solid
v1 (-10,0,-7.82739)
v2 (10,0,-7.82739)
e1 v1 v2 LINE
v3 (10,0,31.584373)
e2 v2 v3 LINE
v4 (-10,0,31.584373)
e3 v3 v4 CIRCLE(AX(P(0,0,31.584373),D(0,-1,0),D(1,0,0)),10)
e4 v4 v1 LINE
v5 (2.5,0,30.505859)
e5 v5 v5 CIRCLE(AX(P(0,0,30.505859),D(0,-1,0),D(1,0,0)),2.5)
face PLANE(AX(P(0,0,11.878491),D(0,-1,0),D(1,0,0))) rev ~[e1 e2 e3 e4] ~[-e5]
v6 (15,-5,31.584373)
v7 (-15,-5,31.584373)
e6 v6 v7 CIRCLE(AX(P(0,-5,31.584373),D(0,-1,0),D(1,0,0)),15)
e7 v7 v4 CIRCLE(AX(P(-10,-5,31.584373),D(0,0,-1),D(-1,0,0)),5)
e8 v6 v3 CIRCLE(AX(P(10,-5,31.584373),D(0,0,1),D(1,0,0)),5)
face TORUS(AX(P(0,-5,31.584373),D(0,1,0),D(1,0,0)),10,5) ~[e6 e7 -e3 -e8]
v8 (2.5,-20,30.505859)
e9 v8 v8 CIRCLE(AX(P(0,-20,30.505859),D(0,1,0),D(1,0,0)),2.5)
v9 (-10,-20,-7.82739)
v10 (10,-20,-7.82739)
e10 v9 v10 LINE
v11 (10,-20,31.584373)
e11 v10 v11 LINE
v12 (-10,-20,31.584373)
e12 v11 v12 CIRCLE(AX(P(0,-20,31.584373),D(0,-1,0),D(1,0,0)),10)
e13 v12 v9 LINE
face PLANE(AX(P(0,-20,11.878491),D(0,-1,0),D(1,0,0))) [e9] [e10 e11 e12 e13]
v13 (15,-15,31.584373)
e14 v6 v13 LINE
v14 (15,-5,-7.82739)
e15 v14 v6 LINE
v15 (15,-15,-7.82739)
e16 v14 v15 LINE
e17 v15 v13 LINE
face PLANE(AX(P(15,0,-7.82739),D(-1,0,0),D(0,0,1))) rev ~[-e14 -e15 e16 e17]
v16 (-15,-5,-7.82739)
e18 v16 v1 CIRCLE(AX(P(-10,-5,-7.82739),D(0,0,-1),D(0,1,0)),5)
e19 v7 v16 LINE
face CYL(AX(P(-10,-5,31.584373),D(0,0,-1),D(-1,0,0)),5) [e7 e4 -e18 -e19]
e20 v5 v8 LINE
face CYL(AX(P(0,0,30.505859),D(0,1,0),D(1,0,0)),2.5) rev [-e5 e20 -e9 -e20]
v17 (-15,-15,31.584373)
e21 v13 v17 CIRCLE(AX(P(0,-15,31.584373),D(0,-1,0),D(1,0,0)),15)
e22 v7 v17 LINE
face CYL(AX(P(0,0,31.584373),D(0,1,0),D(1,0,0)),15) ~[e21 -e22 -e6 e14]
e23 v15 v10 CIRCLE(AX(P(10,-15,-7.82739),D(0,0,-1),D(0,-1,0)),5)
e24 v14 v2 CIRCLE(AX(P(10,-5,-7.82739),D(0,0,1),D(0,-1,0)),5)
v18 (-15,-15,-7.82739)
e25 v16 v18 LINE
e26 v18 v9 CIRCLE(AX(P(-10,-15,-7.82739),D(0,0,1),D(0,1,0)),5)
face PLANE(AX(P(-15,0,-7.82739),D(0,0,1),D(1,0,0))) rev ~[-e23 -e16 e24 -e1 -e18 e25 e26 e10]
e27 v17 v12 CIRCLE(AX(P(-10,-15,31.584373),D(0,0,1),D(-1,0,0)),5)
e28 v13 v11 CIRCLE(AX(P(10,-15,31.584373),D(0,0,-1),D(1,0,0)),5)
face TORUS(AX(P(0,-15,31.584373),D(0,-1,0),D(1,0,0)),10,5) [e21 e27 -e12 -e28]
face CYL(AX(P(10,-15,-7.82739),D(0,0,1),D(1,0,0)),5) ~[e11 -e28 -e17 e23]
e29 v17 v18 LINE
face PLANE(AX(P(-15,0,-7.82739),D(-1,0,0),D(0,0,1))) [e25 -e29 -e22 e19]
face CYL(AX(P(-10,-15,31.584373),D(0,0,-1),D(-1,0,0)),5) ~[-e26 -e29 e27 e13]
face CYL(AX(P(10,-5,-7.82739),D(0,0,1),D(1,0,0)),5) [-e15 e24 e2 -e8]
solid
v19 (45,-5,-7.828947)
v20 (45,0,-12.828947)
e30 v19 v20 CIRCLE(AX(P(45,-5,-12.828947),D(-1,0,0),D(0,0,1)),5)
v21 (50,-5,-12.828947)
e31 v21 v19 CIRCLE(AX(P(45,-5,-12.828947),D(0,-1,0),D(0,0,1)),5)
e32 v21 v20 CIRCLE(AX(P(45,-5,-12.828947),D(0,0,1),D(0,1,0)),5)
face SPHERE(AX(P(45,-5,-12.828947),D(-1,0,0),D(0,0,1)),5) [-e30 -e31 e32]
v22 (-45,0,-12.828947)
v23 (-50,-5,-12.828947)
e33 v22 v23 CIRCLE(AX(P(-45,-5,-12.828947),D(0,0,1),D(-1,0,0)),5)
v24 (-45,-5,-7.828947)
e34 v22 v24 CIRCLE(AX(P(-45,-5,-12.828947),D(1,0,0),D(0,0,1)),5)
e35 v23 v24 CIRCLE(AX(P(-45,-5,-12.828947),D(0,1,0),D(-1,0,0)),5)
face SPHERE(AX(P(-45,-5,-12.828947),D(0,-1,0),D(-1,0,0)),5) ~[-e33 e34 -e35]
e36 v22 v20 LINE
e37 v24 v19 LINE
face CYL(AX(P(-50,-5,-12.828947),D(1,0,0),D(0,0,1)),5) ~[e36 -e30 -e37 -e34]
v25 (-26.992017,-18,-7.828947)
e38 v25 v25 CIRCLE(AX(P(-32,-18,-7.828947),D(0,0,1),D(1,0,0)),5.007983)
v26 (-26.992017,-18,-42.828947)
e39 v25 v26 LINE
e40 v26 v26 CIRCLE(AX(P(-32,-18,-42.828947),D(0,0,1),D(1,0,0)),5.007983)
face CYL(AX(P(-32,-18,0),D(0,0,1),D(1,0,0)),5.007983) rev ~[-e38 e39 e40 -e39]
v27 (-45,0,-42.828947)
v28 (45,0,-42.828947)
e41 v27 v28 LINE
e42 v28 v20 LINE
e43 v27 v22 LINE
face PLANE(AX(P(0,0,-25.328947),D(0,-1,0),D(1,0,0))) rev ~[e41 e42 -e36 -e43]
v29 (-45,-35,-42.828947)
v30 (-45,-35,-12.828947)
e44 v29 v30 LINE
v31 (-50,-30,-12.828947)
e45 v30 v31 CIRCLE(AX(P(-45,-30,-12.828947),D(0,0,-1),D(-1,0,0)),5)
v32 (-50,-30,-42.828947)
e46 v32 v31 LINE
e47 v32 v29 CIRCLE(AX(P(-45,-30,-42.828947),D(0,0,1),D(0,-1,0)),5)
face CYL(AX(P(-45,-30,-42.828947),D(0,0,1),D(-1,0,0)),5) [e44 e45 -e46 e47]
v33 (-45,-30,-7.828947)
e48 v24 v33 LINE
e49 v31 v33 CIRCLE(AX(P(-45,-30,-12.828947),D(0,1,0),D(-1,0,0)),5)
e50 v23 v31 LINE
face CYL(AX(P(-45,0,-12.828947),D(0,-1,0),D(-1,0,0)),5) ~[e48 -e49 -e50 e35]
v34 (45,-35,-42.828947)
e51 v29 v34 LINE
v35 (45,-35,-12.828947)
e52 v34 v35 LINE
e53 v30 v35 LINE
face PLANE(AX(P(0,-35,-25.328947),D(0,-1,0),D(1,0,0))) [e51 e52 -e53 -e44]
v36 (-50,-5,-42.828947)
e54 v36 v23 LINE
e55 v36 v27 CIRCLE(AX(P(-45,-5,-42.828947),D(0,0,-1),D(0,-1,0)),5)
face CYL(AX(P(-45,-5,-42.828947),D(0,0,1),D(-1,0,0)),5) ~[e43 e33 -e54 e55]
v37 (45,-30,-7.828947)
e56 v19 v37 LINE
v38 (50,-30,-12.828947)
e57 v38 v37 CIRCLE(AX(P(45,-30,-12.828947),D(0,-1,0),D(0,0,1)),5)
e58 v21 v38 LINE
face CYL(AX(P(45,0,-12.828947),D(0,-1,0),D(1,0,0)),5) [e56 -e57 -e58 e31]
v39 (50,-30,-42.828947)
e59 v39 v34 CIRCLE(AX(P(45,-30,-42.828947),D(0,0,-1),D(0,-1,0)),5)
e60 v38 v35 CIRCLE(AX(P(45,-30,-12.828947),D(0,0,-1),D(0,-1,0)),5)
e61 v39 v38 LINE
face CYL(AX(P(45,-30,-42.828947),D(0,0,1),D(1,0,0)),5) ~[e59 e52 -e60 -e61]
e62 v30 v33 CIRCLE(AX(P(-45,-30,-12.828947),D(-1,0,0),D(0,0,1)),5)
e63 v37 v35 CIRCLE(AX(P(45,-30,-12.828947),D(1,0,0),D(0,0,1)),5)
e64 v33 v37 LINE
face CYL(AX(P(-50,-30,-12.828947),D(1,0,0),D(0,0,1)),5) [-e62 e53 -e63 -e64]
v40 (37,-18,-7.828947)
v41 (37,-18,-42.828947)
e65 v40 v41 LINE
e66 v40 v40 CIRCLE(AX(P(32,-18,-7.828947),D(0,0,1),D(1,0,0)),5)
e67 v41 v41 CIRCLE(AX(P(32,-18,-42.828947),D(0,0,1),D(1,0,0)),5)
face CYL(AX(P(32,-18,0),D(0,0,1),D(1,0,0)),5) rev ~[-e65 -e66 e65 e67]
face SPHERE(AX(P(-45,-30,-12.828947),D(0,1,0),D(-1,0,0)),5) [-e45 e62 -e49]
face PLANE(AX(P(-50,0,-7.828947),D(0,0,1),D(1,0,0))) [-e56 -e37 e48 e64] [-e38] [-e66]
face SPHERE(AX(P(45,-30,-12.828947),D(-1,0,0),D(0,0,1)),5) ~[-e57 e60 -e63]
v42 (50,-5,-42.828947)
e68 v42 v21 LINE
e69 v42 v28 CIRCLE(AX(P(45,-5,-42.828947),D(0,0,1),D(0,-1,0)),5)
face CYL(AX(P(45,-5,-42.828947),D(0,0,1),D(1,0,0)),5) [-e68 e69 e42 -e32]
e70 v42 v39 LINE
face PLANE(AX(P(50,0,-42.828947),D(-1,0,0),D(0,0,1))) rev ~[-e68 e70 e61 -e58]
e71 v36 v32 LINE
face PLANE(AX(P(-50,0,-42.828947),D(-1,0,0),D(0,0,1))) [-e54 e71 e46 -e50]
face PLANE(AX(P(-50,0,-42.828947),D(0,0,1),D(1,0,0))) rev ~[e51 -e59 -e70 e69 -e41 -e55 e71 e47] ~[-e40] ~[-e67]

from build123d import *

# Parameters (mm, degrees)
F0_W     = 100
F0_H     = 35
F1_DEPTH = 35
F2_W     = 30
F2_H     = 39.4117633874
F3_DEPTH = 20
F4_R     = 5
F4_2_R   = 5
F5_R     = 5.0079827635
F5_R_2   = 5
F6_DEPTH = 50
F7_R     = 2.5
F8_DEPTH = 30


with BuildPart() as f1:
    # F0 (on Front) → F1 (new body)
    with BuildSketch(Plane.XZ):
        with Locations((0, -25.3289474839)):
            Rectangle(F0_W, F0_H)
    extrude(amount=F1_DEPTH)

    # F4#2
    f4_2_edges = [f1.edges().sort_by_distance(p)[0] for p in [
        (-50, -17.5, -7.828947),
        (-50, 0, -25.328947),
        (-50, -35, -25.328947),
        (0, 0, -7.828947),
        (0, -35, -7.828947),
        (50, -17.5, -7.828947),
        (50, -35, -25.328947),
        (50, 0, -25.328947),
    ]]
    fillet(f4_2_edges, radius=F4_2_R)

    # F5 (on Top) → F6 (cut)
    with BuildSketch(Plane.XY):
        with Locations((-32, -18)):
            Circle(F5_R)
        with Locations((32, -18)):
            Circle(F5_R_2)
    extrude(amount=-F6_DEPTH, mode=Mode.SUBTRACT)


with BuildPart() as f3:
    # F2 (on Front) → F3 (new body)
    with BuildSketch(Plane.XZ):
        with Locations((0, 11.8784913793)):
            Rectangle(F2_W, F2_H)
        with BuildLine():
            ThreePointArc((15, 31.584373073), (0, 46.584373073), (-15, 31.584373073))
            Line((-15, 31.584373073), (15, 31.584373073))
        make_face()
    extrude(amount=F3_DEPTH)

    # F4
    f4_edges = [f3.edges().sort_by_distance(p)[0] for p in [
        (0, 0, 46.584373),
        (0, -20, 46.584373),
    ]]
    fillet(f4_edges, radius=F4_R)

    # F7 (on Front) → F8 (cut)
    with BuildSketch(Plane.XZ):
        with Locations((0, 30.5058586667)):
            Circle(F7_R)
    extrude(amount=F8_DEPTH, mode=Mode.SUBTRACT)


solid = Compound([f1.part, f3.part])
